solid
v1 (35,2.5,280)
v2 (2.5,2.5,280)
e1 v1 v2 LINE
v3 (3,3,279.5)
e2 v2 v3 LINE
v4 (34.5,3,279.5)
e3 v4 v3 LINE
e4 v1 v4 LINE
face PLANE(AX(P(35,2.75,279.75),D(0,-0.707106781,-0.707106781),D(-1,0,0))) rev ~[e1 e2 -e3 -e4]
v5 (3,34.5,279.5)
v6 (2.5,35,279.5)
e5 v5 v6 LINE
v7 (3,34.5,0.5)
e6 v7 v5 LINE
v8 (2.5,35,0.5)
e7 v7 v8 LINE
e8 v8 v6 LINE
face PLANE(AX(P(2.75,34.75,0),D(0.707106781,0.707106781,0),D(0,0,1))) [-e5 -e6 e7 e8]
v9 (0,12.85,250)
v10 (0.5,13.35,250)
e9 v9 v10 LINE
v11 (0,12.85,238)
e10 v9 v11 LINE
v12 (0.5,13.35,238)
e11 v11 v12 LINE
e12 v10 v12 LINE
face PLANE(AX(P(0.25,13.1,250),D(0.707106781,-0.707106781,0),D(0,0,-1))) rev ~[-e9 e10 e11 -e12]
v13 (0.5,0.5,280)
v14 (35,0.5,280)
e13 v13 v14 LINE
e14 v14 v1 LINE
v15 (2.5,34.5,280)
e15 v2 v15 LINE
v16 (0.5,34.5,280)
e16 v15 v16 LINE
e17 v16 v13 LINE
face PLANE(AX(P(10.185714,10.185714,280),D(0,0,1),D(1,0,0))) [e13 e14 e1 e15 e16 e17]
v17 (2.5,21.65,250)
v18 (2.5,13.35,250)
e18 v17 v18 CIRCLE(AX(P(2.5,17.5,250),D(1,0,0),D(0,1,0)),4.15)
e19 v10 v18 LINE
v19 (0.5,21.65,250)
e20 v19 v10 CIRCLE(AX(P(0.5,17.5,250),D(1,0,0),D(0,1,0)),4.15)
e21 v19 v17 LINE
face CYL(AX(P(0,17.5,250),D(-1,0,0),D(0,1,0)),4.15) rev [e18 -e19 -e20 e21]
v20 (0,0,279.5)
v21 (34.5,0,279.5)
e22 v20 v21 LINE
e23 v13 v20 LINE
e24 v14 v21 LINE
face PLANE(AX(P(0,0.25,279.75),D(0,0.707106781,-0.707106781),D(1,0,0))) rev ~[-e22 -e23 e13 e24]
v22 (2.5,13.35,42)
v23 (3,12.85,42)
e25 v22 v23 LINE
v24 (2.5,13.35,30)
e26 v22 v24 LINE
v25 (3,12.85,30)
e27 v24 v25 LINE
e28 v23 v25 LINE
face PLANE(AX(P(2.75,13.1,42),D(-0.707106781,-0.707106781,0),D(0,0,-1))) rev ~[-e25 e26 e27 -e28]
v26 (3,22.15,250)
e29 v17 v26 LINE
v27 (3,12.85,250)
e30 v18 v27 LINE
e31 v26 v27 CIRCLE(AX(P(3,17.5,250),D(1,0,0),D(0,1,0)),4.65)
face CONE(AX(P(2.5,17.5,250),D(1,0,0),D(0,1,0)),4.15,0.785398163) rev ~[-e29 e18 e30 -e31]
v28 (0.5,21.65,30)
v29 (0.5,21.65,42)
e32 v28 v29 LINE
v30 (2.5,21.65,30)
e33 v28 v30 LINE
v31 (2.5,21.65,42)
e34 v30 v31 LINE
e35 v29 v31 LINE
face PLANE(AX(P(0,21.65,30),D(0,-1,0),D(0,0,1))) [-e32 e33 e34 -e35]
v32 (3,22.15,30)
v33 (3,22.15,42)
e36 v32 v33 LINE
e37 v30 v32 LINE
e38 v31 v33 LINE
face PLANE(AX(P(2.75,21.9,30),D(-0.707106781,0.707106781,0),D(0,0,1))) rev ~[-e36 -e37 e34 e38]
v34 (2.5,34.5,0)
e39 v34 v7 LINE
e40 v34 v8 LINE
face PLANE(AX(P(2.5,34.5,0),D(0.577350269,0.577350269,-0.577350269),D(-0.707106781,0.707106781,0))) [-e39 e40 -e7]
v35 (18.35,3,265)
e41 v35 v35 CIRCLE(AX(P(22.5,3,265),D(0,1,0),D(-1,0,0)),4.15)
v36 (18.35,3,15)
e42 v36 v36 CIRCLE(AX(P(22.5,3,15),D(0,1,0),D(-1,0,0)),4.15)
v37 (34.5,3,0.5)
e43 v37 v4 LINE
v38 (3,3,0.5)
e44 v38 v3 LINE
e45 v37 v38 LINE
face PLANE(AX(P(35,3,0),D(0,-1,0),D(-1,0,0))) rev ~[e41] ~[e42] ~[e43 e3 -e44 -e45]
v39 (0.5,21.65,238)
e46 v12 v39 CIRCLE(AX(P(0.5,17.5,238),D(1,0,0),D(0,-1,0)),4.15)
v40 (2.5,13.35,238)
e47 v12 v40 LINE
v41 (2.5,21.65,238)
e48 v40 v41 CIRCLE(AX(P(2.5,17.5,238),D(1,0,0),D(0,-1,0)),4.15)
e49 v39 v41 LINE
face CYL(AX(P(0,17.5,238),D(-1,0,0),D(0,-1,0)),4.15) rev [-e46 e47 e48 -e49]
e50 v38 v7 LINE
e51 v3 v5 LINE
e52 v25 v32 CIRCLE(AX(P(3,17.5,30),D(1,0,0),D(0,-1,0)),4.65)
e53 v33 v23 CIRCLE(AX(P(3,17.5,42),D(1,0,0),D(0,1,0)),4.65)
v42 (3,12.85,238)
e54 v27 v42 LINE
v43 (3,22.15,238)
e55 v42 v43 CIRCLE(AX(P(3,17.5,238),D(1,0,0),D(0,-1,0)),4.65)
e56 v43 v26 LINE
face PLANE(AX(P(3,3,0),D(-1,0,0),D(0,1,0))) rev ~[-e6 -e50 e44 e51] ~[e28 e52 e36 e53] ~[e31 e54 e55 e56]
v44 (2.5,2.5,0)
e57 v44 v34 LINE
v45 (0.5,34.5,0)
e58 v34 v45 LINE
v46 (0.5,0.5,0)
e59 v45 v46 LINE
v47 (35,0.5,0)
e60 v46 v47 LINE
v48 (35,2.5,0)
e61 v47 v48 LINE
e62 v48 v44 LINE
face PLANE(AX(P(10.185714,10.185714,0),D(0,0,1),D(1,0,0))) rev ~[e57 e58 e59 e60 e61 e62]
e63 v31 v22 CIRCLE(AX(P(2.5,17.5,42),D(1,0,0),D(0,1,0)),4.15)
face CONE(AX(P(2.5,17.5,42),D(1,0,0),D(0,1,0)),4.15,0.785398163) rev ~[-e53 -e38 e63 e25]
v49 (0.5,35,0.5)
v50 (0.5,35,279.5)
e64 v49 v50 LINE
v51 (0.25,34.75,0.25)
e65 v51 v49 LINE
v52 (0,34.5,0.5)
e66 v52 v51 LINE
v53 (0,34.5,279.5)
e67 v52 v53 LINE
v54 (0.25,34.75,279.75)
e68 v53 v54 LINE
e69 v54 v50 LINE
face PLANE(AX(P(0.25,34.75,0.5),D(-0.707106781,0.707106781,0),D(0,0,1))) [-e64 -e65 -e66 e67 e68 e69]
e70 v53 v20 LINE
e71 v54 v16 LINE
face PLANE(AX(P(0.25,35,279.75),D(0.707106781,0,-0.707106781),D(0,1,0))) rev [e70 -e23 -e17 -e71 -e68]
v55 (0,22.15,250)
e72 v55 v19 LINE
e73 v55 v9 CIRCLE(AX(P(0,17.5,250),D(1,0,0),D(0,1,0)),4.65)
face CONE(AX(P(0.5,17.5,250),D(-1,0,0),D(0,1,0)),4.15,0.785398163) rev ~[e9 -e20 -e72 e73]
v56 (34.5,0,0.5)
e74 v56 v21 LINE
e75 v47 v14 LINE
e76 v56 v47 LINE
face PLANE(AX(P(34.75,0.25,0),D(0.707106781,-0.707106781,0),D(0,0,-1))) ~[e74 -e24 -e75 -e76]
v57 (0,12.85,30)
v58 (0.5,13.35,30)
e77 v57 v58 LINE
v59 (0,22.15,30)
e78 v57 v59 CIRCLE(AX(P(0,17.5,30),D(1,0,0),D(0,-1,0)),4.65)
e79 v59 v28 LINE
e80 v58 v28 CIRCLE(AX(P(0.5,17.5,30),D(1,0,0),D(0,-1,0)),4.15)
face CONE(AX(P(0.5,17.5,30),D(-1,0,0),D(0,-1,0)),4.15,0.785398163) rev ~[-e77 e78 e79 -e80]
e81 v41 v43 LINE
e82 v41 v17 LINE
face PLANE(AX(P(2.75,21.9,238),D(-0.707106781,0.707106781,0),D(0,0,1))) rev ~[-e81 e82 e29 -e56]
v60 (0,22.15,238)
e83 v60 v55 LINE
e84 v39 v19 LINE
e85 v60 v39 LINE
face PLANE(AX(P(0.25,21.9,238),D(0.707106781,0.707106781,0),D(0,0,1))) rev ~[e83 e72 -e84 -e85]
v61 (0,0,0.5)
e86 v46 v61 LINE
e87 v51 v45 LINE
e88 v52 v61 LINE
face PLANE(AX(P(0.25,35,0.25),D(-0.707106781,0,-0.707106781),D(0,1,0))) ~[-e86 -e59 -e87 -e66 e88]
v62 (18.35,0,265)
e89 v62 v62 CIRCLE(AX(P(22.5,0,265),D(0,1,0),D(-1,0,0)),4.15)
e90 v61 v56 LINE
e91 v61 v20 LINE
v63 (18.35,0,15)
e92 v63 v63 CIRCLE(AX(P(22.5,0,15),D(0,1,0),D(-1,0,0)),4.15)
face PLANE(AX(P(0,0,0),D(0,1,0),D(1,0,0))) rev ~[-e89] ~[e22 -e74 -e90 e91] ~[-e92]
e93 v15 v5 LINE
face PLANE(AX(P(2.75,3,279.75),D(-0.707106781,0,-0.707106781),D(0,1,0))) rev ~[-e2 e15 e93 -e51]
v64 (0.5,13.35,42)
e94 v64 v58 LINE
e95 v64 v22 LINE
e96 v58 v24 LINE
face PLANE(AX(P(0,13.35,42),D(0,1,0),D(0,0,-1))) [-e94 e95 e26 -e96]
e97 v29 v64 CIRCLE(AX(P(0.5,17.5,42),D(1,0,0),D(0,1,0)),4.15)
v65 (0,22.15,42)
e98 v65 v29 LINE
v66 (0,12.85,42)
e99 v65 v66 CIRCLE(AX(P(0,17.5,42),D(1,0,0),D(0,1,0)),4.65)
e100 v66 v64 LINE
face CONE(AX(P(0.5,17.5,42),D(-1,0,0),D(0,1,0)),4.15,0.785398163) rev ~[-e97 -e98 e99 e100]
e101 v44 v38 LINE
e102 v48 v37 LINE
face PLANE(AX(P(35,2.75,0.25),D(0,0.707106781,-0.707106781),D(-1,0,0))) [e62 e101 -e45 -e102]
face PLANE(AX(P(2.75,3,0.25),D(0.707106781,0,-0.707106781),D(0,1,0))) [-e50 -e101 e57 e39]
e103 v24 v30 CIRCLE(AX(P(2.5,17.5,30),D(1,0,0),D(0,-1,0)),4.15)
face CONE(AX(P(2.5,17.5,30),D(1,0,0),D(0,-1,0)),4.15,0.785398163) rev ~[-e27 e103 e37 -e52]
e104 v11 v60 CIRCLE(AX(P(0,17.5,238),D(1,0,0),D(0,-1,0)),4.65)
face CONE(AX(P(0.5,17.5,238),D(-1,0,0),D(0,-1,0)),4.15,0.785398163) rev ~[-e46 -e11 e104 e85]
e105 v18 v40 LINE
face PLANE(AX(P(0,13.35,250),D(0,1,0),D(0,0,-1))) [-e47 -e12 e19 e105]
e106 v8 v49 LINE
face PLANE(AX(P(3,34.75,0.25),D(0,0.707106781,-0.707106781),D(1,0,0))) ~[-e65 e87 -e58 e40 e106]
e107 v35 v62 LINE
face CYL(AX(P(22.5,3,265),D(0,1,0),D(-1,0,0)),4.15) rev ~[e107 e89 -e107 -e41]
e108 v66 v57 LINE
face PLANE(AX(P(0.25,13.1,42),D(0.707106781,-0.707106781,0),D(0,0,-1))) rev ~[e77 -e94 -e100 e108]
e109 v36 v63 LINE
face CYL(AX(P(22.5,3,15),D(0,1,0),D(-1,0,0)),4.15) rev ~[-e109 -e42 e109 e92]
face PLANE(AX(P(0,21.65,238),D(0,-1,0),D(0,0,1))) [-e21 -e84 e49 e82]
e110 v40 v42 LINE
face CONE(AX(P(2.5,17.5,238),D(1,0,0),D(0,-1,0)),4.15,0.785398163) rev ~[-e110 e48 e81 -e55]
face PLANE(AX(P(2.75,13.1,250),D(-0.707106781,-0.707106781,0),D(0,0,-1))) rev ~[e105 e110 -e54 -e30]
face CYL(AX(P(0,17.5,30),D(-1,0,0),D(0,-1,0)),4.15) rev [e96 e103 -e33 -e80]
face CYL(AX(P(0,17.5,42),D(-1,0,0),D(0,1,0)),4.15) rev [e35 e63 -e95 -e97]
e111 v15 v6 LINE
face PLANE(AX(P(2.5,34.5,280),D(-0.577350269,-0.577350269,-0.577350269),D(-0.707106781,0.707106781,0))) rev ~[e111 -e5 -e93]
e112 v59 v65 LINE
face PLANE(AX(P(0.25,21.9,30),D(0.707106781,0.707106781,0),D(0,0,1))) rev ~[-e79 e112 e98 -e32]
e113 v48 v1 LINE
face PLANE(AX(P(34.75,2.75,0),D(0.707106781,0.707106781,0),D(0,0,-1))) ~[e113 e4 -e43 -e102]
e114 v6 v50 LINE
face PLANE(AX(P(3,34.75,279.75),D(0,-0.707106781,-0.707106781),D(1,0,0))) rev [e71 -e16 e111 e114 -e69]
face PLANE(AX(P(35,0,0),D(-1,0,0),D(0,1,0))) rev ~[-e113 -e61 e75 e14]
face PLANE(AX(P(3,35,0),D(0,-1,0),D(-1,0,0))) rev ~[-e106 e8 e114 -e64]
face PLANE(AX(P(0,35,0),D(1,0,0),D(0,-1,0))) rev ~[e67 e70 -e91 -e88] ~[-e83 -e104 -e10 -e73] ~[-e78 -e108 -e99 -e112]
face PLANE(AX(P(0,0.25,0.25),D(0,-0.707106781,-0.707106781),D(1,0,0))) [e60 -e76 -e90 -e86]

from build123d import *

# Parameters (mm, degrees)
P_IDAT_VYSUNUT_M1_DEPTH  = 280
ODEBRAT_VYSUNUT_M1_DEPTH = 4
SKICA3_R                 = 4.15
ODEBRAT_VYSUNUT_M2_DEPTH = 4
ZKOSEN_1_SIZE            = 0.5
ZKOSEN_2_SIZE            = 0.5


with BuildPart() as part:
    # Skica1 → Přidat vysunutím1 (new body)
    with BuildSketch(Plane.XY):
        Polygon((0, 35), (0, 0), (35, 0), (35, 3), (3, 3), (3, 35), align=None)
    extrude(amount=P_IDAT_VYSUNUT_M1_DEPTH)

    # Skica2 → Odebrat vysunutím1 (cut)
    with BuildSketch(Plane.ZY):
        with BuildLine():
            Line((30, 21.65), (42, 21.65))
            ThreePointArc((42, 21.65), (46.15, 17.5), (42, 13.35))
            Line((42, 13.35), (30, 13.35))
            ThreePointArc((30, 13.35), (25.85, 17.5), (30, 21.65))
        make_face()
        with BuildLine():
            Line((238, 21.65), (250, 21.65))
            ThreePointArc((250, 21.65), (254.15, 17.5), (250, 13.35))
            Line((250, 13.35), (238, 13.35))
            ThreePointArc((238, 13.35), (233.85, 17.5), (238, 21.65))
        make_face()
    extrude(amount=-ODEBRAT_VYSUNUT_M1_DEPTH, mode=Mode.SUBTRACT)

    # Skica3 → Odebrat vysunutím2 (cut)
    with BuildSketch(Plane(origin=(0, 3, 0), x_dir=(-1, 0, 0), z_dir=(0, 1, 0))):
        with Locations((-22.5, 265)):
            Circle(SKICA3_R)
        with Locations((-22.5, 15)):
            Circle(SKICA3_R)
    extrude(amount=-ODEBRAT_VYSUNUT_M2_DEPTH, mode=Mode.SUBTRACT)

    # Zkosení1
    zkosen_1_edges = [part.edges().sort_by_distance(p)[0] for p in [
        (17.5, 0, 280),
        (3, 35, 140),
        (35, 3, 140),
        (35, 0, 140),
        (19, 3, 280),
        (3, 13.35, 36),
        (3, 19, 280),
        (3, 17.5, 46.15),
        (3, 21.65, 36),
        (3, 17.5, 25.85),
        (0, 17.5, 25.85),
        (0, 13.35, 36),
        (0, 17.5, 46.15),
        (0, 21.65, 36),
        (3, 13.35, 244),
        (3, 17.5, 254.15),
        (3, 21.65, 244),
        (3, 17.5, 233.85),
        (1.5, 35, 280),
        (0, 17.5, 233.85),
        (0, 13.35, 244),
        (0, 17.5, 254.15),
        (0, 21.65, 244),
        (3, 19, 0),
        (19, 3, 0),
        (0, 17.5, 280),
        (17.5, 0, 0),
        (0, 17.5, 0),
        (1.5, 35, 0),
    ]]
    chamfer(zkosen_1_edges, length=ZKOSEN_1_SIZE)

    # Zkosení2
    zkosen_2_edges = [part.edges().sort_by_distance(p)[0] for p in [
        (0, 35, 140),
    ]]
    chamfer(zkosen_2_edges, length=ZKOSEN_2_SIZE)


solid = part.part
